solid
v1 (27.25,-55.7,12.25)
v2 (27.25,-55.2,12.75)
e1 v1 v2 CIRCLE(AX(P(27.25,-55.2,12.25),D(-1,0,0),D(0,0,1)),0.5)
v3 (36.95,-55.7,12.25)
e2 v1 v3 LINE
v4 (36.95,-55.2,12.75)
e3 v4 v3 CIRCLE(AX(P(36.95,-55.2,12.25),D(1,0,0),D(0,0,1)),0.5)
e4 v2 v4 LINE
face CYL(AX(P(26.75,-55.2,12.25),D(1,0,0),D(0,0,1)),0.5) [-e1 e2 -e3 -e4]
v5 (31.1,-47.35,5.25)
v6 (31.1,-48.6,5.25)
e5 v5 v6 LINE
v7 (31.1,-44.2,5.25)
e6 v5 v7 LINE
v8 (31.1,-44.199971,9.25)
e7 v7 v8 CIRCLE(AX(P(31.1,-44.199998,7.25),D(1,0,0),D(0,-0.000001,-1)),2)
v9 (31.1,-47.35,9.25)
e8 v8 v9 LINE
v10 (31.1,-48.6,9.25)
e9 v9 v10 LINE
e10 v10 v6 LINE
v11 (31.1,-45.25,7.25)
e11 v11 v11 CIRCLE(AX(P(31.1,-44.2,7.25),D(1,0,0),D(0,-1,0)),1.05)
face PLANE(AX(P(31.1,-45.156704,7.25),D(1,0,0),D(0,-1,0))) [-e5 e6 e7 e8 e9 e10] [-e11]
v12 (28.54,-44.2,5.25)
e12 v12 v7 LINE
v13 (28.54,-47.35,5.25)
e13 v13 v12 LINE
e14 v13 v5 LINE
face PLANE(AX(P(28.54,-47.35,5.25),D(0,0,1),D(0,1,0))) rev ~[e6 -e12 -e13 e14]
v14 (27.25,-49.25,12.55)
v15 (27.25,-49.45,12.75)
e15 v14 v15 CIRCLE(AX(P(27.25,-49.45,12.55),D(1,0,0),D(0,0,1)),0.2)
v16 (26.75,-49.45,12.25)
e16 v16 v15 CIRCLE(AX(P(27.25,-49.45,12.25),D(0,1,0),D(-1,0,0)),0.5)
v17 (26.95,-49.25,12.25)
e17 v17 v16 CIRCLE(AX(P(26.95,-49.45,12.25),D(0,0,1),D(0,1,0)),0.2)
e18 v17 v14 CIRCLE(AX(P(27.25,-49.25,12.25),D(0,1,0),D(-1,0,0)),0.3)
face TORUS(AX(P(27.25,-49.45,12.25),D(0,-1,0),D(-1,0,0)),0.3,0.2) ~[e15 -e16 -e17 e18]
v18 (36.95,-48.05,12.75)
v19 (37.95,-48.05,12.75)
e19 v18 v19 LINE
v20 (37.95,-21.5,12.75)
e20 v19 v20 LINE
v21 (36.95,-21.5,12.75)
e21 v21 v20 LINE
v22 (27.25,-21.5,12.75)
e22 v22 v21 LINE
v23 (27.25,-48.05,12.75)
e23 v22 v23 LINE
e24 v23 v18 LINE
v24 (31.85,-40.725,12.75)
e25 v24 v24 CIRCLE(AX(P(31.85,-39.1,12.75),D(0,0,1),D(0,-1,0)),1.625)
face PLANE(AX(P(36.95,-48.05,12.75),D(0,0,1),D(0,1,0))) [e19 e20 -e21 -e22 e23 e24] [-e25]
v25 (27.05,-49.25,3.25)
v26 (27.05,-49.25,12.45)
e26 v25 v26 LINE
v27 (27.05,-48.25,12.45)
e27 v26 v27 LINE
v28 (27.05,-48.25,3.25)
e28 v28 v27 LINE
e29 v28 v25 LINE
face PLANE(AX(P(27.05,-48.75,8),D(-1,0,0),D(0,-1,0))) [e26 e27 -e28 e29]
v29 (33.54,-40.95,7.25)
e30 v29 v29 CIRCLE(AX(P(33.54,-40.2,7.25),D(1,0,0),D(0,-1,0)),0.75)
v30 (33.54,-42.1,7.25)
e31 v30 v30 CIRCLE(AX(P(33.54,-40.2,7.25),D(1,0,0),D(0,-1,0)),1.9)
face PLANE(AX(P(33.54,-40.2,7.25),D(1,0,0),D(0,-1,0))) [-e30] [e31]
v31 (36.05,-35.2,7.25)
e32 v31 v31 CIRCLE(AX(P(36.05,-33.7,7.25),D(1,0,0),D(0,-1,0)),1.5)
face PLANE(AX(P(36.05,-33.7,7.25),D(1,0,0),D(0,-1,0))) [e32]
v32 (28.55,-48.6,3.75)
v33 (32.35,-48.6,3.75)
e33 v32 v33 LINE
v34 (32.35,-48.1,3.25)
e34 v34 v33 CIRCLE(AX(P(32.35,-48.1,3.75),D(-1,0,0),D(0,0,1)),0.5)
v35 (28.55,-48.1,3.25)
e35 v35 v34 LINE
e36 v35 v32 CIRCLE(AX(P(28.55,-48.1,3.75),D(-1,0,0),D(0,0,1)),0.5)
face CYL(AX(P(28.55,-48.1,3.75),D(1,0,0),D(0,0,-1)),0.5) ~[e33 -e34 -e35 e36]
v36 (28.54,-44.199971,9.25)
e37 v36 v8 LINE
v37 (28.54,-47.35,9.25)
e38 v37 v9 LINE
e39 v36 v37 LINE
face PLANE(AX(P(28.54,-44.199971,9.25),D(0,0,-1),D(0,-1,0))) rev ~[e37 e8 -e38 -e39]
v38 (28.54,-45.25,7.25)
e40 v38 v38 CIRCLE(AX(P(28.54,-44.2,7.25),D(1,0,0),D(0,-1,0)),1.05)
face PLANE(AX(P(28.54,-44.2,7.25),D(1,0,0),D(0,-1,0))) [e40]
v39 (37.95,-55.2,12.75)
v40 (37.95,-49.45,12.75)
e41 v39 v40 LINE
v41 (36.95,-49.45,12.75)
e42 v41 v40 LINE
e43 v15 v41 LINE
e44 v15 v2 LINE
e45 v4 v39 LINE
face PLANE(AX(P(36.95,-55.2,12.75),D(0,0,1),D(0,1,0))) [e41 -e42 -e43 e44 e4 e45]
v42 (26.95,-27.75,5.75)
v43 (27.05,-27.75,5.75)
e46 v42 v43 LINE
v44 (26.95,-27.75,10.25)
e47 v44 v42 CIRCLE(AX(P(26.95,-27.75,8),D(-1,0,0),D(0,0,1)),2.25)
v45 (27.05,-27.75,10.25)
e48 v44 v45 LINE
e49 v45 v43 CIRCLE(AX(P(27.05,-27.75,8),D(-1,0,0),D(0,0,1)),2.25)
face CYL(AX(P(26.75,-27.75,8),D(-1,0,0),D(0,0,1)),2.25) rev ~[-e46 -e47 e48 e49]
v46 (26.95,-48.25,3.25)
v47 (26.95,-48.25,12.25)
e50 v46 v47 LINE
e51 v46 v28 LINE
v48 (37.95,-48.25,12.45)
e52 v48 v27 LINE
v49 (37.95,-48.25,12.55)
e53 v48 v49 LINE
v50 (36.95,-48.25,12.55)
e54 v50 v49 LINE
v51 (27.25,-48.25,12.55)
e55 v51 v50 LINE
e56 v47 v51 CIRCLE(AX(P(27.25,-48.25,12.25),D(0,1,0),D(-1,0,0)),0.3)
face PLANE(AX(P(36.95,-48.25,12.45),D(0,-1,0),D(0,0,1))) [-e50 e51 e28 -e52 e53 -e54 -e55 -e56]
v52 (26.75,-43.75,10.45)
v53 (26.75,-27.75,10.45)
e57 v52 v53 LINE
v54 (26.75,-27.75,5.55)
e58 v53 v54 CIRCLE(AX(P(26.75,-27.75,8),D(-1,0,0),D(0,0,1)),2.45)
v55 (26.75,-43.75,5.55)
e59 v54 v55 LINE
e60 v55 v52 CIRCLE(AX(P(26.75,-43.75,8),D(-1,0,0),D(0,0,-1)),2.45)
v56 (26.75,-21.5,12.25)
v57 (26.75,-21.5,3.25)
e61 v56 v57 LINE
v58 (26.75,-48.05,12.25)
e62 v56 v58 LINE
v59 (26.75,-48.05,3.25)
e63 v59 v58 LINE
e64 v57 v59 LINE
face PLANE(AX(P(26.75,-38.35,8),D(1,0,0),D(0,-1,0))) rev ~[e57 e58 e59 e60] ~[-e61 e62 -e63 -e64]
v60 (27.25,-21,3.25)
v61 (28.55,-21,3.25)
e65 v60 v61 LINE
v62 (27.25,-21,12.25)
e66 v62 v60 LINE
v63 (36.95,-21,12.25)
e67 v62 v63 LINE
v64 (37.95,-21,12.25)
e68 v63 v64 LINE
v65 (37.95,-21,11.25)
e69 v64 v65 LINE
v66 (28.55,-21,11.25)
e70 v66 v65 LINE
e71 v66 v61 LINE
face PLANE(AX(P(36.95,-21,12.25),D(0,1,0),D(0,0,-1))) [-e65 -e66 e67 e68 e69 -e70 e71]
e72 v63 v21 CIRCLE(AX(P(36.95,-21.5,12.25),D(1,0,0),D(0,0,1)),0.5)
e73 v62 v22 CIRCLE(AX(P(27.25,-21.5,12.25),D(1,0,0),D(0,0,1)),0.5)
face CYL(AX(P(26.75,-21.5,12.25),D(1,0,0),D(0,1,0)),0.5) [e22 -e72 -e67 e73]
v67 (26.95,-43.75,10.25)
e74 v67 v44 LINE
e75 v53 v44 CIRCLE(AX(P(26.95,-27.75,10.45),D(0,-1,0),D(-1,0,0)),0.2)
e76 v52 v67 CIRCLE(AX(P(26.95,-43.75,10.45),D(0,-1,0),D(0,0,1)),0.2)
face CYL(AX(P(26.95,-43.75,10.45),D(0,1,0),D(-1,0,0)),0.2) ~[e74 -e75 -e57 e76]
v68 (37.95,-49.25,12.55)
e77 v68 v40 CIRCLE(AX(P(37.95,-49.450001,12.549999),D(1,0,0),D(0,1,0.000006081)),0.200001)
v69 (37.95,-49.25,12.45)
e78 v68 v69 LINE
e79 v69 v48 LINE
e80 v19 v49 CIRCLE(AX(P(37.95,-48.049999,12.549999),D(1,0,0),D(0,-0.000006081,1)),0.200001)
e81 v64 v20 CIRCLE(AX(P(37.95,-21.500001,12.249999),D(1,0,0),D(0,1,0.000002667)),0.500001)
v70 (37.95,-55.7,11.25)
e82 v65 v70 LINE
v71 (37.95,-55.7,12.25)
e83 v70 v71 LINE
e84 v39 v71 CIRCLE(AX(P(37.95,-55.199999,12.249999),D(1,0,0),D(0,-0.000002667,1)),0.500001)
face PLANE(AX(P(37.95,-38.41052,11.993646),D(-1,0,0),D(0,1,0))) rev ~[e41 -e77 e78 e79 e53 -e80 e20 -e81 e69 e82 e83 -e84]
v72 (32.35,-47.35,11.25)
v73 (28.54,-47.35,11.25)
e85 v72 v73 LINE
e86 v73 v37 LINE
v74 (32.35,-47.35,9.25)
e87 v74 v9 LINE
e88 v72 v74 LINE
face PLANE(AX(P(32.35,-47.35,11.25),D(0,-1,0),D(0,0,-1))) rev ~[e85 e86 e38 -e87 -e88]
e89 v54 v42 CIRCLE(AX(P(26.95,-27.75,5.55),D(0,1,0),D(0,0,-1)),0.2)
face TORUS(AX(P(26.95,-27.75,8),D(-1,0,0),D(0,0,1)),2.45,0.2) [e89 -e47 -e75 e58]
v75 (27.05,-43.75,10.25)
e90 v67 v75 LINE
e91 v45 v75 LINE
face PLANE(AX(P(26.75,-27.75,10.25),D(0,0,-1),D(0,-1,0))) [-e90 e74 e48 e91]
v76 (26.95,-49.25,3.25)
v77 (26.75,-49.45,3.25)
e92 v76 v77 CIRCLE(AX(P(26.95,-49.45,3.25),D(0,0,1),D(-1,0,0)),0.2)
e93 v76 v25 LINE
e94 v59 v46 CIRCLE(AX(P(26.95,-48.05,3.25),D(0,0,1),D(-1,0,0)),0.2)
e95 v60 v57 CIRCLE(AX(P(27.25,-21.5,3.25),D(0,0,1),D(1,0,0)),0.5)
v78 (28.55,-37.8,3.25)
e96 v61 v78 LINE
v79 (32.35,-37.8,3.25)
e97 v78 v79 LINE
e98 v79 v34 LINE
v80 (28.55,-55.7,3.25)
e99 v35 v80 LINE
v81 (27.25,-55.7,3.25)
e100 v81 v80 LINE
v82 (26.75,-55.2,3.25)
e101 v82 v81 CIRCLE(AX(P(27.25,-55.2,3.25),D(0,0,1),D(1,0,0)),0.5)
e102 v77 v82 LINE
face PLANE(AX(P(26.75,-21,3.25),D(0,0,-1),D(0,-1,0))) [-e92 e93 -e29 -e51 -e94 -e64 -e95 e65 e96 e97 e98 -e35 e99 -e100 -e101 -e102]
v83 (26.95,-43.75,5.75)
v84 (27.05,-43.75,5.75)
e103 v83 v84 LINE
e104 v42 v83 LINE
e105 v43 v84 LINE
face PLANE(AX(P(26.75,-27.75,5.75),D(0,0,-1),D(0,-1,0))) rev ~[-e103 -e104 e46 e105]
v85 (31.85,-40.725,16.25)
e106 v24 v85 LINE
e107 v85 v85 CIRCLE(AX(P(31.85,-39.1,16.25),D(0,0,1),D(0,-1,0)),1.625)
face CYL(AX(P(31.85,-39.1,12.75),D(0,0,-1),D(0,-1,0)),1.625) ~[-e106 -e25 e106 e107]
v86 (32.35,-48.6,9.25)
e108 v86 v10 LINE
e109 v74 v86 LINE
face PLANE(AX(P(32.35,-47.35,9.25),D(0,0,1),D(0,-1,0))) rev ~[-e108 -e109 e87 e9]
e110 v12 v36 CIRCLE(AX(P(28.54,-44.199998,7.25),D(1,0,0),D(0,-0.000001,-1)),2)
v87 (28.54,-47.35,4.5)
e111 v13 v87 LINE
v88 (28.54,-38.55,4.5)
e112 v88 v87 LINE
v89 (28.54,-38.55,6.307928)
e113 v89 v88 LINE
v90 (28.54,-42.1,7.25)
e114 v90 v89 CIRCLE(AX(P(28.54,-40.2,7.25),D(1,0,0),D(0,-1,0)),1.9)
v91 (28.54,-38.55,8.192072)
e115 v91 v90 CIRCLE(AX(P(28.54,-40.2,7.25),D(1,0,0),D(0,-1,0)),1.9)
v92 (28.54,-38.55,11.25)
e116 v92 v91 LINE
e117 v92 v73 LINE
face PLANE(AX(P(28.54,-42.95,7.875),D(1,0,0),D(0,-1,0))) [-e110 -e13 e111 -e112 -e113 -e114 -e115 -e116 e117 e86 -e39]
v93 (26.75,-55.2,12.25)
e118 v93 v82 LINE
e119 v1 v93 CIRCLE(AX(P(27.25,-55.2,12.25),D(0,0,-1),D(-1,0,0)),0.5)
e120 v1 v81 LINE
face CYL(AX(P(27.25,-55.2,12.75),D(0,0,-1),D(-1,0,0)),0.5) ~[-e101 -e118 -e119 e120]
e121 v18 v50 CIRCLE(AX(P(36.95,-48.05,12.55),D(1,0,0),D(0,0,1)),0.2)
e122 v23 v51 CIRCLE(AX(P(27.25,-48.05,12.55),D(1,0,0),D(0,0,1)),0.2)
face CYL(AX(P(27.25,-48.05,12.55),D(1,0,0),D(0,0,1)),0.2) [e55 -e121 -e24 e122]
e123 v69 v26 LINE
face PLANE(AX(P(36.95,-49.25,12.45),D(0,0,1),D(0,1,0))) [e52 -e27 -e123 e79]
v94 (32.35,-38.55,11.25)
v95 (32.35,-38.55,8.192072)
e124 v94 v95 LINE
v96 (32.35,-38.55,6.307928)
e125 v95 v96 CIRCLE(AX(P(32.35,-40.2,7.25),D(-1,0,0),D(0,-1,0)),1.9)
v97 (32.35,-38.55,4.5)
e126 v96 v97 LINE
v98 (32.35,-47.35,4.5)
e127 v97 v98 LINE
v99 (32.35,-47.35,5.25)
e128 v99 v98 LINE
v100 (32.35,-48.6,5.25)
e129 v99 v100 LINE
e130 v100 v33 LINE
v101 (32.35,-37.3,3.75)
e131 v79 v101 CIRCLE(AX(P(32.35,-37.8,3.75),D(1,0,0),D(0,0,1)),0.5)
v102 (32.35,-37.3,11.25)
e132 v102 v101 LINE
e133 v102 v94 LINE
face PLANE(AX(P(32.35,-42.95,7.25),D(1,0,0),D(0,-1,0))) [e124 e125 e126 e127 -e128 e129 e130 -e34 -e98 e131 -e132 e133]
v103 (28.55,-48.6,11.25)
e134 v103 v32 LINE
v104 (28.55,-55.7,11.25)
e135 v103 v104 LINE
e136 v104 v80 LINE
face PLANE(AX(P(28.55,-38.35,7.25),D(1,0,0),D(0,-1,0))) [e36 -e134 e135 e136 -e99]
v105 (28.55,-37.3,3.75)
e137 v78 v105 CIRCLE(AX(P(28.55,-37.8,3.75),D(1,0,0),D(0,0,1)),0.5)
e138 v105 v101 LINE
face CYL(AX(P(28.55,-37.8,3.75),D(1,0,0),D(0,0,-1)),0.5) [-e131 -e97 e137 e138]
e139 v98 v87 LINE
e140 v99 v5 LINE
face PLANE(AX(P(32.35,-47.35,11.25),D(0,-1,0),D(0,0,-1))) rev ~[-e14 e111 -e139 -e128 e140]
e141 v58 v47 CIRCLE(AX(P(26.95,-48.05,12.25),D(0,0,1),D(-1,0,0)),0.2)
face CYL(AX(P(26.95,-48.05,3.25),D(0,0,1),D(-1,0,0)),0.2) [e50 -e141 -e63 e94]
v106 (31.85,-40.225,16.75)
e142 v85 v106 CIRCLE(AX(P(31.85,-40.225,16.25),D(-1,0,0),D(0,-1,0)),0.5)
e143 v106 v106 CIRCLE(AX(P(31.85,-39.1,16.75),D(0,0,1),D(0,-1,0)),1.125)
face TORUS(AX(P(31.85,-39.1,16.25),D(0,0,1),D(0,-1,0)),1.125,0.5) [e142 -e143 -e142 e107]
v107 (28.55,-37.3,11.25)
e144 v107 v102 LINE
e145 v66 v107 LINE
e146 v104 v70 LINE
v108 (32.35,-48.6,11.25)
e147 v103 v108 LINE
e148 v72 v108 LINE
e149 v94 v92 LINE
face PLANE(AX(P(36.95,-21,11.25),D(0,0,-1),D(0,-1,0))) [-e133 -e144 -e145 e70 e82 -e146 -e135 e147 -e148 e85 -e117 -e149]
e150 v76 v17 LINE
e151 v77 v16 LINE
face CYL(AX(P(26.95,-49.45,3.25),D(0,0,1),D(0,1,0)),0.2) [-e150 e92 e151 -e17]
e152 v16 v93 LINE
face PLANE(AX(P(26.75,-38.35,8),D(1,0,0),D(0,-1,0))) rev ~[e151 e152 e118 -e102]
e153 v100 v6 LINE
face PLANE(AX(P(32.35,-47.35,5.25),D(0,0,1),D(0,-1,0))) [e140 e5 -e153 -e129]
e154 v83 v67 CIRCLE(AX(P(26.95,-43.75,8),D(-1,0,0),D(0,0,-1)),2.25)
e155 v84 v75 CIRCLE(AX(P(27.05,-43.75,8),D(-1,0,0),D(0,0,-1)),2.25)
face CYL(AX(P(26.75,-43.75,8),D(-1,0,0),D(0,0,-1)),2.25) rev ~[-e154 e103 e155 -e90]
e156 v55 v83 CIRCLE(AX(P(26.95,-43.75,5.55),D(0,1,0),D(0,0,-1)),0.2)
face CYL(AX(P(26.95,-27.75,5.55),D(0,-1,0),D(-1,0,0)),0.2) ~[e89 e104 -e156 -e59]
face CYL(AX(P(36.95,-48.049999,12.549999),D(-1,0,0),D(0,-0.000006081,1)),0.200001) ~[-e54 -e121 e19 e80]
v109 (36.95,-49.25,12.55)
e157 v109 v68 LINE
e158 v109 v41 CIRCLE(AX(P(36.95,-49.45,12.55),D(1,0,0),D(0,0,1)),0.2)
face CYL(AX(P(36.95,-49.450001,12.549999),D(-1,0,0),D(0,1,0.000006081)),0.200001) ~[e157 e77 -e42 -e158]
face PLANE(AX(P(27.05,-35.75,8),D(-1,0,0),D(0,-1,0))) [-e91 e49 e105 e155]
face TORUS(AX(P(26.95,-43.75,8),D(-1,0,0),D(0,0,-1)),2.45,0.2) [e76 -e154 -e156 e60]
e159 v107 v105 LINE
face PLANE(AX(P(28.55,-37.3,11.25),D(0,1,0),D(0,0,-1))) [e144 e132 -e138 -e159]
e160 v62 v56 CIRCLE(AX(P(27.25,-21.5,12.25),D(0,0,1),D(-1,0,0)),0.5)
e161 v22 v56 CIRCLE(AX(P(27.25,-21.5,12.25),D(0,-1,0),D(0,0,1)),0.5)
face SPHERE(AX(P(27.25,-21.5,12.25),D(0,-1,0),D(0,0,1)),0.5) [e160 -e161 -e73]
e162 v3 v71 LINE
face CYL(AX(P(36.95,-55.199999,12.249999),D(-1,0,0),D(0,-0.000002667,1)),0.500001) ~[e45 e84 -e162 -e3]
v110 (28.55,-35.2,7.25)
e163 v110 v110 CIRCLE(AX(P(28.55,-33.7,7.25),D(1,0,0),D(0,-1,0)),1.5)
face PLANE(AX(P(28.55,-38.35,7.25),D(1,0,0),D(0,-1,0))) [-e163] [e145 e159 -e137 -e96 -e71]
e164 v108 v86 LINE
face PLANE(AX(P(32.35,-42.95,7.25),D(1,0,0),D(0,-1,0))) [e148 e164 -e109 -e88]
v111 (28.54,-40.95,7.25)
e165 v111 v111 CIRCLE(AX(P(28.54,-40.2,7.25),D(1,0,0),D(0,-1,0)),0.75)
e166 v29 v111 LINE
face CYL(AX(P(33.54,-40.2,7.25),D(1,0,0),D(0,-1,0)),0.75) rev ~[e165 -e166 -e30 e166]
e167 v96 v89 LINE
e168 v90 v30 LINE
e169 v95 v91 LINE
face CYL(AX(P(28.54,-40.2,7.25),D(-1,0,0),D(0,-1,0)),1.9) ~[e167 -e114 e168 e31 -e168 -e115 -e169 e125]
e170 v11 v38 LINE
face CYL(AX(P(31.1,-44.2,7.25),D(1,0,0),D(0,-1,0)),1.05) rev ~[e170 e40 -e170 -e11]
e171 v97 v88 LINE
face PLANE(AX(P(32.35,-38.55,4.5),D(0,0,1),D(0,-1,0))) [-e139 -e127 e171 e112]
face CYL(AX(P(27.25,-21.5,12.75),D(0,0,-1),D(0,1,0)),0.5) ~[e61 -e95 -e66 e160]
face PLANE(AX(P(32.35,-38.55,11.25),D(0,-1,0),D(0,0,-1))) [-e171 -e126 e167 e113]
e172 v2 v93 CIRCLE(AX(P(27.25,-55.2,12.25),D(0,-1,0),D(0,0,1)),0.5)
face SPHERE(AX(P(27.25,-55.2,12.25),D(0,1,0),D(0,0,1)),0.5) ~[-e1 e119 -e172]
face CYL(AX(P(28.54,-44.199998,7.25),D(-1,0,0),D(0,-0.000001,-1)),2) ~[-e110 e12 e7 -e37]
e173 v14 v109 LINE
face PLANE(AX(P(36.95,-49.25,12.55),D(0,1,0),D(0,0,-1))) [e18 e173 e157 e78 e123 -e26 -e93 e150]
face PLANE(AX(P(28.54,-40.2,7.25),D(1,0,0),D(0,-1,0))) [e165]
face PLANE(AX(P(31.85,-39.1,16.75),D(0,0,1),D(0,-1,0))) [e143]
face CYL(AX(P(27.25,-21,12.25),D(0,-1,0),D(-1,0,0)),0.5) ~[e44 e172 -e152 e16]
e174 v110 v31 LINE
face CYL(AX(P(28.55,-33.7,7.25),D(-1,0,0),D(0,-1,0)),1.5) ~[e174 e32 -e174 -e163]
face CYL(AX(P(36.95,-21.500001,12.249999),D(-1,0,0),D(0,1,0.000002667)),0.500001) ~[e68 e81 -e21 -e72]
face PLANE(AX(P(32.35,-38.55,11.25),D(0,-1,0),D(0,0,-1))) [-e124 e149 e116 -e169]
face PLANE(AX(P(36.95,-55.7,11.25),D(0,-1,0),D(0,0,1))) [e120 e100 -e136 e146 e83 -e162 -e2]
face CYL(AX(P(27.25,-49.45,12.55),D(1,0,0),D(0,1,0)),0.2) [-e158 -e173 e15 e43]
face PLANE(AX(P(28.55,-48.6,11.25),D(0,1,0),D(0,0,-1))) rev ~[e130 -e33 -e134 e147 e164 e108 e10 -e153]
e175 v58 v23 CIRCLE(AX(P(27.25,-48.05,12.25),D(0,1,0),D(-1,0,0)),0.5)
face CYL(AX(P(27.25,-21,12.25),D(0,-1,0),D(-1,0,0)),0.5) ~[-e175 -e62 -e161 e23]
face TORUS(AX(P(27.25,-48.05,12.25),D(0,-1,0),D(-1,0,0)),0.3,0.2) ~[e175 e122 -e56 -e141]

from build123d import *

# Parameters (mm, degrees)
SKETCH012_W             = 34.7
SKETCH012_H             = 9.5
PAD002_DEPTH            = 10.2
SKETCH013_W             = 34.7
SKETCH013_H             = 8
POCKET010_DEPTH         = 8.4
SKETCH014_W             = 11.3
SKETCH014_H             = 8
PAD003_DEPTH            = 3.8
SKETCH015_R             = 1.5
PAD004_DEPTH            = 7.5
FILLET002_R             = 0.5
SKETCH016_W             = 8.8
SKETCH016_H             = 6.75
POCKET011_DEPTH         = 3.81
SKETCH018_W             = 1.25
SKETCH018_H             = 4
POCKET012_DEPTH         = 1.25
PAD005_DEPTH            = 2.56
SKETCH019_R             = 1.9
PAD006_DEPTH            = 5
SKETCH020_R             = 1.05
POCKET014_DEPTH         = 2.56
SKETCH021_R             = 0.75
POCKET015_DEPTH         = 5
SKETCH022_W             = 1
SKETCH022_H             = 9.5
POCKET016_DEPTH         = 0.3
SKETCH023_W             = 1
SKETCH023_H             = 10.2
POCKET017_DEPTH         = 0.3
FILLET003_R             = 0.2
FILLET004_R             = 0.2
SKETCH036_R             = 1.625
PAD012_DEPTH            = 4
FILLET008_R             = 0.5
FILLET020_R             = 0.5
PAD161_DEPTH            = 1
BODY002_ROLL_ANGLE      = -90
BODY002_PLACEMENT_ANGLE = -90


with BuildPart() as part:
    # Sketch012 → Pad002 (new body)
    with BuildSketch(Plane.XY):
        with Locations((-17.35, 0)):
            Rectangle(SKETCH012_W, SKETCH012_H)
    extrude(amount=PAD002_DEPTH)

    # Sketch013 (on Face6 of Pad002) → Pocket010 (cut)
    with BuildSketch(Plane.XY.offset(10.2)):
        with Locations((-17.35, 0.75)):
            Rectangle(SKETCH013_W, SKETCH013_H)
    extrude(amount=-POCKET010_DEPTH, mode=Mode.SUBTRACT)

    # Sketch014 (on Face6 of Pocket010) → Pad003 (join)
    with BuildSketch(Plane.XY.offset(1.8)):
        with Locations((-12.75, 0.75)):
            Rectangle(SKETCH014_W, SKETCH014_H)
    extrude(amount=PAD003_DEPTH)

    # Sketch015 (on Face6 of Pad003) → Pad004 (join)
    with BuildSketch(Plane.XY.offset(1.8)):
        with Locations((-22, 0.75)):
            Circle(SKETCH015_R)
    extrude(amount=PAD004_DEPTH)

    # Fillet002
    fillet002_edges = [part.edges().sort_by_distance(p)[0] for p in [
        (-17.35, -4.75, 0),
        (-34.7, -4.75, 5.1),
        (-34.7, 0, 0),
        (0, -4.75, 5.1),
        (0, 0, 0),
    ]]
    fillet(fillet002_edges, radius=FILLET002_R)

    # Sketch016 (on Face14 of Fillet002) → Pocket011 (cut)
    with BuildSketch(Plane.XY.offset(5.6)):
        with Locations((-12.75, 0.125)):
            Rectangle(SKETCH016_W, SKETCH016_H)
    extrude(amount=-POCKET011_DEPTH, mode=Mode.SUBTRACT)

    # Sketch018 (on Face13 of Pocket011) → Pocket012 (cut)
    with BuildSketch(Plane.XY.offset(5.6)):
        with Locations((-7.725, 0.75)):
            Rectangle(SKETCH018_W, SKETCH018_H)
    extrude(amount=-POCKET012_DEPTH, mode=Mode.SUBTRACT)

    # Sketch017 (on Face23 of Pocket011) → Pad005 (join)
    with BuildSketch(Plane.XY.offset(1.79)):
        with BuildLine():
            Line((-8.35, 2.75), (-11.5, 2.75))
            ThreePointArc((-11.5, 2.75), (-13.500002, 0.750015), (-11.500029, -1.25))
            Line((-11.500029, -1.25), (-8.35, -1.25))
            Line((-8.35, -1.25), (-8.35, 2.75))
        make_face()
    extrude(amount=PAD005_DEPTH)

    # Sketch019 (on Face16 of Pad005) → Pad006 (join)
    with BuildSketch(Plane.XY.offset(1.79)):
        with Locations((-15.5, 0.75)):
            Circle(SKETCH019_R)
    extrude(amount=PAD006_DEPTH)

    # Sketch020 (on Face26 of Pad006) → Pocket014 (cut)
    with BuildSketch(Plane.XY.offset(4.35)):
        with Locations((-11.5, 0.75)):
            Circle(SKETCH020_R)
    extrude(amount=-POCKET014_DEPTH, mode=Mode.SUBTRACT)

    # Sketch021 (on Face37 of Pocket014) → Pocket015 (cut)
    with BuildSketch(Plane.XY.offset(6.79)):
        with Locations((-15.5, 0.75)):
            Circle(SKETCH021_R)
    extrude(amount=-POCKET015_DEPTH, mode=Mode.SUBTRACT)

    # Sketch022 (on Face20 of Pocket015) → Pocket016 (cut)
    with BuildSketch(Plane(origin=(0, 0, 0), x_dir=(1, 0, 0), z_dir=(0, 0, -1))):
        with BuildLine():
            ThreePointArc((-27.95, 2.25), (-30.2, 0), (-27.95, -2.25))
            Line((-27.95, -2.25), (-11.95, -2.25))
            ThreePointArc((-11.95, -2.25), (-9.7, 0), (-11.95, 2.25))
            Line((-27.95, 2.25), (-11.95, 2.25))
        make_face()
        with Locations((-6.95, 0)):
            Rectangle(SKETCH022_W, SKETCH022_H)
    extrude(amount=-POCKET016_DEPTH, mode=Mode.SUBTRACT)

    # Sketch023 (on Face10 of Pocket016) → Pocket017 (cut)
    with BuildSketch(Plane.XZ.offset(4.75)):
        with Locations((-6.95, 5.1)):
            Rectangle(SKETCH023_W, SKETCH023_H)
    extrude(amount=-POCKET017_DEPTH, mode=Mode.SUBTRACT)

    # Fillet003
    fillet003_edges = [part.edges().sort_by_distance(p)[0] for p in [
        (-9.7, 0, 0),
        (-19.95, 2.25, 0),
        (-19.95, -2.25, 0),
        (-30.2, 0, 0),
    ]]
    fillet(fillet003_edges, radius=FILLET003_R)

    # Fillet004
    fillet004_edges = [part.edges().sort_by_distance(p)[0] for p in [
        (-7.45, 0.25, 0),
        (-6.45, 0.25, 0),
        (-7.45, -4.352155, 0.010547),
        (-7.45, -4.603553, 0.146447),
        (-7.45, -4.739453, 0.397845),
        (-7.45, -4.75, 5.35),
        (-6.45, -4.75, 5.35),
        (-6.45, -4.739453, 0.397845),
        (-6.45, -4.603553, 0.146447),
        (-6.45, -4.352155, 0.010547),
    ]]
    fillet(fillet004_edges, radius=FILLET004_R)

    # Sketch036 (on Face13 of Fillet004) → Pad012 (join)
    with BuildSketch(Plane.XZ.offset(4.75)):
        with Locations((-16.6, 5.1)):
            Circle(SKETCH036_R)
    extrude(amount=PAD012_DEPTH)

    # Fillet008
    fillet008_edges = [part.edges().sort_by_distance(p)[0] for p in [
        (-18.225, -8.75, 5.1),
    ]]
    fillet(fillet008_edges, radius=FILLET008_R)

    # Fillet020
    fillet020_edges = [part.edges().sort_by_distance(p)[0] for p in [
        (-7.1, 4.75, 3.7),
        (-18.4, 4.75, 3.7),
    ]]
    fillet(fillet020_edges, radius=FILLET020_R)

    # Sketch282 (on Face29 of Fillet020) → Pad161 (join)
    with BuildSketch(Plane.XY.offset(10.2)):
        with BuildLine():
            Line((0, -3.25), (0, -4.25))
            ThreePointArc((-0.5, -4.75), (-0.146447, -4.603553), (0, -4.25))
            Line((-0.5, -4.75), (-6.25, -4.75))
            ThreePointArc((-6.45, -4.55), (-6.391421, -4.691421), (-6.25, -4.75))
            Line((-6.45, -4.55), (-6.45, -4.45))
            Line((-6.45, -4.45), (-7.45, -4.45))
            Line((-7.45, -4.45), (-7.45, -4.55))
            ThreePointArc((-7.65, -4.75), (-7.508579, -4.691421), (-7.45, -4.55))
            Line((-7.65, -4.75), (-34.2, -4.75))
            ThreePointArc((-34.7, -4.25), (-34.553553, -4.603553), (-34.2, -4.75))
            Line((-34.7, -4.25), (-34.7, -3.25))
            Line((-34.7, -3.25), (0, -3.25))
        make_face()
    extrude(amount=PAD161_DEPTH)


with BuildPart() as part_1:
    # Body002 roll: moved
    add(part.part.rotate(Axis((0, 0, 0), (1, 0, 0)), BODY002_ROLL_ANGLE))


with BuildPart() as part_2:
    # Body002 placement: moved
    add(part_1.part.moved(Location((26.75, -55.7, 8))).rotate(Axis((26.75, -55.7, 8), (0, 0, 1)), BODY002_PLACEMENT_ANGLE))


solid = part_2.part
